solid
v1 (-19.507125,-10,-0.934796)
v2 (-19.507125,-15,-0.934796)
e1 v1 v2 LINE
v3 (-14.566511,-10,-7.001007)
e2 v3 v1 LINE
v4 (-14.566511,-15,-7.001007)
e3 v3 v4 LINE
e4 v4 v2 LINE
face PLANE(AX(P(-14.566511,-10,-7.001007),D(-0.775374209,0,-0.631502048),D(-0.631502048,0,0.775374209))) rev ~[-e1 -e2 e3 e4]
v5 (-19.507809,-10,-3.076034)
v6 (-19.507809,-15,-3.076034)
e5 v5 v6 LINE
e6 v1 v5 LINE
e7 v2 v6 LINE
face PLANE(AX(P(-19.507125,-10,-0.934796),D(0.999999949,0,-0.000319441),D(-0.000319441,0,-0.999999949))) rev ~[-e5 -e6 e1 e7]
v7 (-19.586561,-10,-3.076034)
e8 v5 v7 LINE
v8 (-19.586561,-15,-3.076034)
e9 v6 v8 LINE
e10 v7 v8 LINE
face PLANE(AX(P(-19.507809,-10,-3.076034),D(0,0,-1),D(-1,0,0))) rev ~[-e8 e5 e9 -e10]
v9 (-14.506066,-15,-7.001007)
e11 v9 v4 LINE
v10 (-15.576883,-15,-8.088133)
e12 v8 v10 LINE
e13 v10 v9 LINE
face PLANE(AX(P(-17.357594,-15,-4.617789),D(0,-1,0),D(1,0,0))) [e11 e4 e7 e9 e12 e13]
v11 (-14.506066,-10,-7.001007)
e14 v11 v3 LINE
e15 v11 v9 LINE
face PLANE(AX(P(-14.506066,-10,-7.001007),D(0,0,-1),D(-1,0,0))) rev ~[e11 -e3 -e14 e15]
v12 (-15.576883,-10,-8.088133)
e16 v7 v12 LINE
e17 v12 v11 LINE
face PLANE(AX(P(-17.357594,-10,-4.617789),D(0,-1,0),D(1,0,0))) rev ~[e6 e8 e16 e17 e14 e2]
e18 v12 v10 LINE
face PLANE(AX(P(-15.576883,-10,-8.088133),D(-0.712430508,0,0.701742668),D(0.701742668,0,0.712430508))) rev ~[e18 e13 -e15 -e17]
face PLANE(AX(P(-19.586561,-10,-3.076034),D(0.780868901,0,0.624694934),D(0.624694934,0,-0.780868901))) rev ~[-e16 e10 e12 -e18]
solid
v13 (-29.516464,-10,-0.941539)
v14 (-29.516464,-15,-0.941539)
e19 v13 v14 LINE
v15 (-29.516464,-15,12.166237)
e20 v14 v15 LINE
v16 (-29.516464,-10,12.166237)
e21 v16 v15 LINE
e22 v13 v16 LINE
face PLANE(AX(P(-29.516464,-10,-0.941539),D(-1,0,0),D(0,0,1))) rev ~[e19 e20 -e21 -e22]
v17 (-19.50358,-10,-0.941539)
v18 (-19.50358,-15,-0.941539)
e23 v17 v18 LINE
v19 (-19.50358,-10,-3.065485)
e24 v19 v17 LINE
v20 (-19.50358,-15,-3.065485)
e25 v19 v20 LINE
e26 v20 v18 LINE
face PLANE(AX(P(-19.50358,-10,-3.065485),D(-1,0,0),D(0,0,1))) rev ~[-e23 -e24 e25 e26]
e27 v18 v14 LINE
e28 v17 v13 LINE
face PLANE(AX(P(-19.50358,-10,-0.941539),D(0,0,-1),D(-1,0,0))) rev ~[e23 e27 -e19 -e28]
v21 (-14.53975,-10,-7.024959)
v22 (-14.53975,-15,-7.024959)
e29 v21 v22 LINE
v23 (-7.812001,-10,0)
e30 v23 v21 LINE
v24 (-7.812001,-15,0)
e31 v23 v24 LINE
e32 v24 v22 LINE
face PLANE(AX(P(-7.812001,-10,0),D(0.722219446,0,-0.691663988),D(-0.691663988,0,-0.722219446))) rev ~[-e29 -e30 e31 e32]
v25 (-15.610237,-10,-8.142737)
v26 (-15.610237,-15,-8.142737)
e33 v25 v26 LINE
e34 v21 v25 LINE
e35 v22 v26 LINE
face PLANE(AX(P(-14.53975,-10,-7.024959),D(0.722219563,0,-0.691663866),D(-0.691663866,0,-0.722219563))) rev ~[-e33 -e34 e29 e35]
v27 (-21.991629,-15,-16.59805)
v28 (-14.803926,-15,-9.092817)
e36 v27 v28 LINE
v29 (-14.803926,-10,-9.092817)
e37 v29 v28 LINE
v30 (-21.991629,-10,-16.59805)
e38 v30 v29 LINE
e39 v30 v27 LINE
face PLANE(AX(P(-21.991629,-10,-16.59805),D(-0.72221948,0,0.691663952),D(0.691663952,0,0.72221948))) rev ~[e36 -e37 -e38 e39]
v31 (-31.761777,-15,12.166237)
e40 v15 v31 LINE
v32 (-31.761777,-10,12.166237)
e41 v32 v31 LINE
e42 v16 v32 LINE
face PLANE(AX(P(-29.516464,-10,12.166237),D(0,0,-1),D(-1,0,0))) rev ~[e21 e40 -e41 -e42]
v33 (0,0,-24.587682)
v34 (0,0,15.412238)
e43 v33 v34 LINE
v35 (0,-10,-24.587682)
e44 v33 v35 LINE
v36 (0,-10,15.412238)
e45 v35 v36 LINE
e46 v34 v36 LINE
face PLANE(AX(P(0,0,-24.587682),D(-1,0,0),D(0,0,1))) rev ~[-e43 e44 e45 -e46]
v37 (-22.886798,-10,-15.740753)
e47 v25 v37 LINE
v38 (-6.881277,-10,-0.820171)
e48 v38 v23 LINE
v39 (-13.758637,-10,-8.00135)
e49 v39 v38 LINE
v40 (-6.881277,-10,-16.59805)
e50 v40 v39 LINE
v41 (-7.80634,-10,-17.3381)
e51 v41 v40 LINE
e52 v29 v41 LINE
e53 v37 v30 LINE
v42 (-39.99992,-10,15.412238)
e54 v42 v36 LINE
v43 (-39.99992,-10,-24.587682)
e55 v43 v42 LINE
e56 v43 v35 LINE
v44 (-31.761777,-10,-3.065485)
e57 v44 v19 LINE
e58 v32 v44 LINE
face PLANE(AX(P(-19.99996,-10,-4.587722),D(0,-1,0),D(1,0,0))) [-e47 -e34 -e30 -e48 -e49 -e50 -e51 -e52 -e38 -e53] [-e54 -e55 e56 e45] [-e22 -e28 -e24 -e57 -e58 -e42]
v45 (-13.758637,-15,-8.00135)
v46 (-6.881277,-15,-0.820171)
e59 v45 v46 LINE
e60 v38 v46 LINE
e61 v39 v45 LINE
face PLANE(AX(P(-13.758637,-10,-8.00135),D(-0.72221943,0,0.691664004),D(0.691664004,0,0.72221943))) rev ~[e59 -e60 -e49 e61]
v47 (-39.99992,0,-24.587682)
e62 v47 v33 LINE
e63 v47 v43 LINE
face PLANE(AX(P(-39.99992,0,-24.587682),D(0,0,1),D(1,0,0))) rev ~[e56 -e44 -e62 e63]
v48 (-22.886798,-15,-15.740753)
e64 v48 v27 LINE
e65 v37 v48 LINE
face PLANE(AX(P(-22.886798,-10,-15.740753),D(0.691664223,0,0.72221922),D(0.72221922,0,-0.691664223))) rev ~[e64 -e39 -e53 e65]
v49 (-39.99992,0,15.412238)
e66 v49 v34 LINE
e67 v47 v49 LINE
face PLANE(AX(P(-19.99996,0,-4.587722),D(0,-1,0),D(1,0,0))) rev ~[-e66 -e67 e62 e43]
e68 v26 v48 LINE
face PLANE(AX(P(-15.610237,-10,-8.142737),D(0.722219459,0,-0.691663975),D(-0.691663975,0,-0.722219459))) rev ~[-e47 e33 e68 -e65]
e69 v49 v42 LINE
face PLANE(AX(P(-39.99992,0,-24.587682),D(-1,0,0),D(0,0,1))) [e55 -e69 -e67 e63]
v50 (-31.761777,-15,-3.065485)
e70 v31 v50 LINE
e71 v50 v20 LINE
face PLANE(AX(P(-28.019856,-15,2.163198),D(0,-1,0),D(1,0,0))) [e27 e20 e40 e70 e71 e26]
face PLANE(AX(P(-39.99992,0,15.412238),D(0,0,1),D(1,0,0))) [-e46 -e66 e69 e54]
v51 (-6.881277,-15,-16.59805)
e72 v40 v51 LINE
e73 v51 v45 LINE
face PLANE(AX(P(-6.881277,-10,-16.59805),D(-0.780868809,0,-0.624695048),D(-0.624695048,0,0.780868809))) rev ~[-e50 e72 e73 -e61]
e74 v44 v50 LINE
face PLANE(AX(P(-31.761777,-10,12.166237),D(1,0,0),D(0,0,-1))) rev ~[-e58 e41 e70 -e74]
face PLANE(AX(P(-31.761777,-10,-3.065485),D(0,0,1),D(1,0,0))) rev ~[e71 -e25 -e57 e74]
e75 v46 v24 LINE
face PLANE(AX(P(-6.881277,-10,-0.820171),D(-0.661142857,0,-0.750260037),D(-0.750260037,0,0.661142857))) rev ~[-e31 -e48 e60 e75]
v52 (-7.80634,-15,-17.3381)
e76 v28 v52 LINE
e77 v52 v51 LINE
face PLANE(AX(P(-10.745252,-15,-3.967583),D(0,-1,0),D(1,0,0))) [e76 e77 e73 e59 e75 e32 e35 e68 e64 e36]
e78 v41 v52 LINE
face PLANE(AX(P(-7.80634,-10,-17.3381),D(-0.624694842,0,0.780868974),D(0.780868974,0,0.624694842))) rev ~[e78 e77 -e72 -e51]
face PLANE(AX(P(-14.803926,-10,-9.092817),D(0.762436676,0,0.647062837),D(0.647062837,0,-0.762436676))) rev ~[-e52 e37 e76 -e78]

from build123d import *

# Parameters (mm, degrees)
F0_W     = 39.99992
F0_H     = 39.99992
F1_DEPTH = 10
F4_DEPTH = 5
F5_DEPTH = 5
F7_DEPTH = 5


with BuildPart() as f1:
    # F0 (on Front) → F1 (new body)
    with BuildSketch(Plane.XZ):
        with Locations((-19.99996, -4.587722)):
            Rectangle(F0_W, F0_H)
    extrude(amount=F1_DEPTH)

    # F2 (on face) → F4 (join)
    with BuildSketch(Plane.XZ.offset(10)):
        Polygon((-29.516464, 12.166237), (-31.761777, 12.166237), (-31.761777, -3.065485), (-19.50358, -3.065485), (-19.50358, -0.941539), (-29.516464, -0.941539), align=None)
    extrude(amount=F4_DEPTH)

    # F3 (on face) → F5 (join)
    with BuildSketch(Plane.XZ.offset(10)):
        Polygon((-7.812001, 0), (-14.53975, -7.024959), (-13.758637, -8.00135), (-6.881277, -0.820171), align=None)
        Polygon((-13.758637, -8.00135), (-14.53975, -7.024959), (-15.610237, -8.142737), (-14.803926, -9.092817), align=None)
        Polygon((-6.881277, -16.59805), (-13.758637, -8.00135), (-14.803926, -9.092817), (-7.80634, -17.3381), align=None)
        Polygon((-14.803926, -9.092817), (-15.610237, -8.142737), (-22.886798, -15.740753), (-21.991629, -16.59805), align=None)
    extrude(amount=F5_DEPTH)


with BuildPart() as f7:
    # F6 (on face) → F7 (new body)
    with BuildSketch(Plane.XZ.offset(10)):
        Polygon((-14.506066, -7.001007), (-14.566511, -7.001007), (-19.507125, -0.934796), (-19.507809, -3.076034), (-19.586561, -3.076034), (-15.576883, -8.088133), align=None)
    extrude(amount=F7_DEPTH)


solid = Compound([f1.part, f7.part])
